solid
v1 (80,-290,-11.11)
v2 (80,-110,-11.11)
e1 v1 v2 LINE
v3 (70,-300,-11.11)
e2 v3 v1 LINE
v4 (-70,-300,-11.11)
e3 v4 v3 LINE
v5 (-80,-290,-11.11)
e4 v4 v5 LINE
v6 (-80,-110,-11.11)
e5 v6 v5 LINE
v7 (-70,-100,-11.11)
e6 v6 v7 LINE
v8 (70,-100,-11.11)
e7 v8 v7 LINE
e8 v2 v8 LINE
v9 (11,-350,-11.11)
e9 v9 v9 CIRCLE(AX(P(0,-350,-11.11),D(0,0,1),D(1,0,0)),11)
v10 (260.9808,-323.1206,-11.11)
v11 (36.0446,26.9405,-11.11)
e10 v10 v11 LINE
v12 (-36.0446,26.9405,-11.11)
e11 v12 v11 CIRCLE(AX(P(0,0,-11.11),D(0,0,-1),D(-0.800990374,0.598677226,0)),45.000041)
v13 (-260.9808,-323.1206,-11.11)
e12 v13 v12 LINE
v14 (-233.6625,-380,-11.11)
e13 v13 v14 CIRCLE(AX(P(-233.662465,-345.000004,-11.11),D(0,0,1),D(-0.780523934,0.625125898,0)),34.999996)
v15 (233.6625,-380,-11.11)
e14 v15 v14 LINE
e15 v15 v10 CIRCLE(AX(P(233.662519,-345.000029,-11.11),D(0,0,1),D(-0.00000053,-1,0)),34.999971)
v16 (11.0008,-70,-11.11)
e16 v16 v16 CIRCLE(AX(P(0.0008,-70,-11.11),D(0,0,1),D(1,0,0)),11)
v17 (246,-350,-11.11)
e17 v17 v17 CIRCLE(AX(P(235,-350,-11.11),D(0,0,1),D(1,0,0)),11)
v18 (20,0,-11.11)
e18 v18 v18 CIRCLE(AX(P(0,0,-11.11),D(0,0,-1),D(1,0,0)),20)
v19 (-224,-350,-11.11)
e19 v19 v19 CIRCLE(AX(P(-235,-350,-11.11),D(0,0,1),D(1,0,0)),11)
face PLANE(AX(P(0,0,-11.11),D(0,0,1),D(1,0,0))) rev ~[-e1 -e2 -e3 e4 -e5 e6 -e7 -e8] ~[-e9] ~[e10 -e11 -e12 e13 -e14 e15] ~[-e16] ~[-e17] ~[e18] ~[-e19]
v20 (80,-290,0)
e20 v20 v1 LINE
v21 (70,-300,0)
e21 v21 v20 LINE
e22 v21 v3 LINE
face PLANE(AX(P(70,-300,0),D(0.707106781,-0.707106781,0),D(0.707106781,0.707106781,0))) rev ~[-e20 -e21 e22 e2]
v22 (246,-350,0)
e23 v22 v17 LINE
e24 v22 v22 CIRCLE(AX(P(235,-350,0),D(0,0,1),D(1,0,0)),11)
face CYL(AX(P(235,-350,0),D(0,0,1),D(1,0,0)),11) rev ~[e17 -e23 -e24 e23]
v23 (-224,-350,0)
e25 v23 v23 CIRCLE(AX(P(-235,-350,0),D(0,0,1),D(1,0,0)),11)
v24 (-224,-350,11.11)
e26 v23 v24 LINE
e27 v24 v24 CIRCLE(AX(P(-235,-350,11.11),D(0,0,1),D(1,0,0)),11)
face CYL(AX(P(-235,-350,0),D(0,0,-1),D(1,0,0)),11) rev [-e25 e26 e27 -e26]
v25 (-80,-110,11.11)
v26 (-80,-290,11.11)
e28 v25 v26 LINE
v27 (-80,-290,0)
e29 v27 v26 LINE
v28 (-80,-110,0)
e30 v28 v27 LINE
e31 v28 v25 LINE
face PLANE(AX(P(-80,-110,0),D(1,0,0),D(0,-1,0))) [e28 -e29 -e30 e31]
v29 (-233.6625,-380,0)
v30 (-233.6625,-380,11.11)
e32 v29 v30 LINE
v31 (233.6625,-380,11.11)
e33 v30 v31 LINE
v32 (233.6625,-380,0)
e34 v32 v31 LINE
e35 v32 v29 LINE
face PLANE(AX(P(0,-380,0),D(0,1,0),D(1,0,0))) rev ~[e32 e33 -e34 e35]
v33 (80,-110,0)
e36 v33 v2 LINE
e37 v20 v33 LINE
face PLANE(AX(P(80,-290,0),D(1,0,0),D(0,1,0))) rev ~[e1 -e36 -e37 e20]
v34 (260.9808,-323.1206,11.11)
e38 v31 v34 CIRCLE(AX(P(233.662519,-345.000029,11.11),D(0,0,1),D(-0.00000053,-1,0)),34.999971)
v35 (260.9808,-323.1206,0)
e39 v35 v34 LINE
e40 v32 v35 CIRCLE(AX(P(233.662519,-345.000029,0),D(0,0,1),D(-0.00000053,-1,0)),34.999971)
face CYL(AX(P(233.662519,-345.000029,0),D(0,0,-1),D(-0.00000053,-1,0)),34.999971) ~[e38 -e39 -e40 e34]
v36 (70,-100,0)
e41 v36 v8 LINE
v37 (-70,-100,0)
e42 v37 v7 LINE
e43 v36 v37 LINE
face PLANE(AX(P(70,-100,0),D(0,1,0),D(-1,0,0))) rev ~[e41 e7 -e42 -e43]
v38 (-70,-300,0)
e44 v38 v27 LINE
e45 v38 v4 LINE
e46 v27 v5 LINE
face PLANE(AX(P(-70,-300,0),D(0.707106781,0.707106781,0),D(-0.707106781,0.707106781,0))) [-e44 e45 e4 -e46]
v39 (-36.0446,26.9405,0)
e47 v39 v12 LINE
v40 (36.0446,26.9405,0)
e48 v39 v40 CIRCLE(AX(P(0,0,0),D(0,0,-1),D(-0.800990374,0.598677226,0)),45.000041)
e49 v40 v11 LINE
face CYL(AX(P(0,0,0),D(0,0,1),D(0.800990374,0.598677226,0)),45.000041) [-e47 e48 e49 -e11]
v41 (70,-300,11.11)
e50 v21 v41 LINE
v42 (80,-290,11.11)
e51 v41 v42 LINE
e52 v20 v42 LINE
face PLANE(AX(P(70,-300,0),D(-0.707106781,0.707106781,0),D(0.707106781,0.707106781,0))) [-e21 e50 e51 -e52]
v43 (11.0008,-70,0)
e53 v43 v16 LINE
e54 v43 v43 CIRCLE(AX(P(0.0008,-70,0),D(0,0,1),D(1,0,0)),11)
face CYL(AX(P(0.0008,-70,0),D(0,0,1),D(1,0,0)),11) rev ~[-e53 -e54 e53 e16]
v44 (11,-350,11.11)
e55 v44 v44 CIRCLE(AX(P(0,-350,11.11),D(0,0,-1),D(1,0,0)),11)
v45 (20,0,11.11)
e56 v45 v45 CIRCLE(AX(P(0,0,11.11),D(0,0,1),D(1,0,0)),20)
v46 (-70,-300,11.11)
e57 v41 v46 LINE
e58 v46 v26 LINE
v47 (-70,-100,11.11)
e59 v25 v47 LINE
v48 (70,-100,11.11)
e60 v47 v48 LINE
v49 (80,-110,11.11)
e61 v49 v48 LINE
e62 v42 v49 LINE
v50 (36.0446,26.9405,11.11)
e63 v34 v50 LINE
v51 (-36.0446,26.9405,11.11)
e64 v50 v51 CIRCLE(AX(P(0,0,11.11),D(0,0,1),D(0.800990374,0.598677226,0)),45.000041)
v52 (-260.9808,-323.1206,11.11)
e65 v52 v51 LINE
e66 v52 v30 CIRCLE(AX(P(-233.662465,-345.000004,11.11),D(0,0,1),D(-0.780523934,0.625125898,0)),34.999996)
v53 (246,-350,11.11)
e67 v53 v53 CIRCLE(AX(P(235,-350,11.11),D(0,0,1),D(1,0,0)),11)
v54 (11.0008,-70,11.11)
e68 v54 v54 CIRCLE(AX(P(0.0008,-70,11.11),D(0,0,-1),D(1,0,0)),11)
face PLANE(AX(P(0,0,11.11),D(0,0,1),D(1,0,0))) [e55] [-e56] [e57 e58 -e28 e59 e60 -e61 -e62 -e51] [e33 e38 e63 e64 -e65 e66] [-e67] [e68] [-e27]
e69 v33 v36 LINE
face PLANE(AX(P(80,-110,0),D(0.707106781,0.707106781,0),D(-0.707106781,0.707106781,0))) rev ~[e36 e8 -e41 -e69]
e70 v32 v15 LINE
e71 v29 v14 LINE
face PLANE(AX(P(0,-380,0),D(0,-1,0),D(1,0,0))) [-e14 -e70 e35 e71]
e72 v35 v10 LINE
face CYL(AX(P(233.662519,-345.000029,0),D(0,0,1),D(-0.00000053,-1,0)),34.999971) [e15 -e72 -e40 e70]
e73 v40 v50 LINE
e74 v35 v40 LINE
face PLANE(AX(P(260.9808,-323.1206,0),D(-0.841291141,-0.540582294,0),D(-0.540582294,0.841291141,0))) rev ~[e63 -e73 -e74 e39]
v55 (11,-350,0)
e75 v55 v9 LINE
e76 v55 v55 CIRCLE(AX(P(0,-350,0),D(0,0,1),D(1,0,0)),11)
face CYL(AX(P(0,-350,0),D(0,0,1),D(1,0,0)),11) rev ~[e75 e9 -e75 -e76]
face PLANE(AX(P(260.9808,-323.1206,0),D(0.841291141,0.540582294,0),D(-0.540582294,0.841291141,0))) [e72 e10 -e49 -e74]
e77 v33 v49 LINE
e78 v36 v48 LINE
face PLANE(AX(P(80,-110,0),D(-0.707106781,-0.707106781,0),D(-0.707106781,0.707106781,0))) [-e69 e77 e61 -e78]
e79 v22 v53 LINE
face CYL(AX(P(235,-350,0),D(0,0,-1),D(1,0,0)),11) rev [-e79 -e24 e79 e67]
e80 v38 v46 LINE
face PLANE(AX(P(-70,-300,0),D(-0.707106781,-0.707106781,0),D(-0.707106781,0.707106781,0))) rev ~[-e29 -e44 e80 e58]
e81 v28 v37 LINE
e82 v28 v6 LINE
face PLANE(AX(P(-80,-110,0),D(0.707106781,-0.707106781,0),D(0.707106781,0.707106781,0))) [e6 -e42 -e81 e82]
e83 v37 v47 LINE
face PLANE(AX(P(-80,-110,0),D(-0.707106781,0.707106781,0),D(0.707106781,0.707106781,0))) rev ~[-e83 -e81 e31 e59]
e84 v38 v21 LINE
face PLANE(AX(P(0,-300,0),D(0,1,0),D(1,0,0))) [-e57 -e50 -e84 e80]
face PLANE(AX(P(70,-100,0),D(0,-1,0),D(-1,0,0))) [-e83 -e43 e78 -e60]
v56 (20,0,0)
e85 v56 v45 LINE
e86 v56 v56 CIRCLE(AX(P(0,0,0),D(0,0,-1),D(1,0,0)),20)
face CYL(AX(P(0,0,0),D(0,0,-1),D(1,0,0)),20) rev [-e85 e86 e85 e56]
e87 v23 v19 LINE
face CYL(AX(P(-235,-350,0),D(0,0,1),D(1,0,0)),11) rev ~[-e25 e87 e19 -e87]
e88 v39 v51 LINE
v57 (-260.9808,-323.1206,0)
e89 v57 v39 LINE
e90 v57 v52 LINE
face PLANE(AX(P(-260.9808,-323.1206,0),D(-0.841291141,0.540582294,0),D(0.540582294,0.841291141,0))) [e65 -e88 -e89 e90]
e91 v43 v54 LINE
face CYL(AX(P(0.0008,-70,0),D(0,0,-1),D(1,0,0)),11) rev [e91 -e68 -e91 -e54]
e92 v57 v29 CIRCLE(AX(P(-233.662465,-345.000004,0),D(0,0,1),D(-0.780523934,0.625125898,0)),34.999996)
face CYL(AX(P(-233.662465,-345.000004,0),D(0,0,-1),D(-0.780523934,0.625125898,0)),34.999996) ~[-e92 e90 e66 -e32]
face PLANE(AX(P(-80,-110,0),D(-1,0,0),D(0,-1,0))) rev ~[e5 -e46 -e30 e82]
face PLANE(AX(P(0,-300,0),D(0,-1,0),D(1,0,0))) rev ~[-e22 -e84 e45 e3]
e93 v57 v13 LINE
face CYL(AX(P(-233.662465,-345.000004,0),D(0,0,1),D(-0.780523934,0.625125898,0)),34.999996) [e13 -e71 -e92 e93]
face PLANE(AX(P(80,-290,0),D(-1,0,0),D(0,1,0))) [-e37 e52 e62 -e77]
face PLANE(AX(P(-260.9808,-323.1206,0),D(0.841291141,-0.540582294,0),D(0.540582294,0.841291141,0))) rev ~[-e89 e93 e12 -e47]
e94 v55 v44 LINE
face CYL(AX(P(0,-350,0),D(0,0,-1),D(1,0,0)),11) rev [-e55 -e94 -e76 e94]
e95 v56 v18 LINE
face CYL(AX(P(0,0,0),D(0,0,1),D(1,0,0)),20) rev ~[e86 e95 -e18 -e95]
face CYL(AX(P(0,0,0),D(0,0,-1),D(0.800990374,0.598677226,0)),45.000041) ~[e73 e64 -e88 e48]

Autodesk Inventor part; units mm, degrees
ref_plane "YZ Plane" through (0, 0, 0) normal (1, 0, 0) x (0, 1, 0)
ref_plane "XZ Plane" through (0, 0, 0) normal (0, 1, 0) x (-1, 0, 0)
ref_plane "XY Plane" through (0, 0, 0) normal (0, 0, 1) x (1, 0, 0)
sketch "Sketch1" plane through (0, 0, 0) normal (0, 0, 1) x (1, 0, 0)
  circle A0 centre (0, 0) radius 20
  circle A1 centre (0, -350) radius 11
  circle A2 centre (-235, -350) radius 11
  circle A3 centre (235, -350) radius 11
  line L0 (-233.6625, -380) -> (233.6625, -380)
  arc A4 (233.6625, -380) -> (260.9808, -323.1206) centre (233.6625, -345) ccw
  circle A5 centre (0.0008, -70) radius 11
  line L1 (70, -100) -> (-70, -100)
  line L2 (-80, -110) -> (-80, -290)
  line L3 (-70, -300) -> (70, -300)
  line L4 (80, -290) -> (80, -110)
  line L5 (80, -100) -> (-80, -300) construction
  line L6 (-80, -100) -> (80, -300) construction
  line L7 (0, 64.9697) -> (0, -492.5476)
  arc A6 (-260.9808, -323.1206) -> (-233.6625, -380) centre (-233.6625, -345) ccw
  line L8 (-80, -110) -> (-70, -100)
  line L9 (80, -110) -> (70, -100)
  line L10 (70, -300) -> (80, -290)
  line L11 (-70, -300) -> (-80, -290)
  line L12 (-260.9808, -323.1206) -> (-36.0446, 26.9405)
  arc A7 (36.0446, 26.9405) -> (-36.0446, 26.9405) centre (0, 0) ccw
  line L13 (260.9808, -323.1206) -> (36.0446, 26.9405)
  point P0 (0, -200)
  point P1 (0, -200)
  dimension "d0" = 40
  dimension "d2" = 22
  dimension "d3" = 22
  dimension "d4" = 22
  dimension "d7" = 235
  dimension "d8" = 235
  dimension "d9" = 35
  dimension "d11" = 30
  dimension "d33" = 22
  dimension "d34" = 350
  dimension "d35" = 160
  dimension "d36" = 200
  dimension "d37" = 70
  dimension "d38" = 30
  dimension "d39" = 10
  dimension "d40" = 10
  dimension "d41" = 10
  dimension "d42" = 10
  dimension "d43" = 10
  dimension "d44" = 10
  dimension "d45" = 10
  dimension "d46" = 10
  dimension "d47" = 45
extrude "Extrusion2" add sketch "Sketch1" along normal mid plane 22.22 contours A0 L7 A7 L13 A4 L0 A1 L3 L10 L4 L9 L1 A5 | A0 L7 A5 L1 L8 L2 L11 L3 A1 L0 A6 L12 A7
equation "\"d8\" = d7"
equation "\"d40\" = d39"
equation "\"d42\" = d41"
equation "\"d43\" = d41"
equation "\"d44\" = d43"
equation "\"d45\" = d41"
equation "\"d46\" = d45"
properties part number "Corpo_Suporte_4_Cabos_Modelo1"
